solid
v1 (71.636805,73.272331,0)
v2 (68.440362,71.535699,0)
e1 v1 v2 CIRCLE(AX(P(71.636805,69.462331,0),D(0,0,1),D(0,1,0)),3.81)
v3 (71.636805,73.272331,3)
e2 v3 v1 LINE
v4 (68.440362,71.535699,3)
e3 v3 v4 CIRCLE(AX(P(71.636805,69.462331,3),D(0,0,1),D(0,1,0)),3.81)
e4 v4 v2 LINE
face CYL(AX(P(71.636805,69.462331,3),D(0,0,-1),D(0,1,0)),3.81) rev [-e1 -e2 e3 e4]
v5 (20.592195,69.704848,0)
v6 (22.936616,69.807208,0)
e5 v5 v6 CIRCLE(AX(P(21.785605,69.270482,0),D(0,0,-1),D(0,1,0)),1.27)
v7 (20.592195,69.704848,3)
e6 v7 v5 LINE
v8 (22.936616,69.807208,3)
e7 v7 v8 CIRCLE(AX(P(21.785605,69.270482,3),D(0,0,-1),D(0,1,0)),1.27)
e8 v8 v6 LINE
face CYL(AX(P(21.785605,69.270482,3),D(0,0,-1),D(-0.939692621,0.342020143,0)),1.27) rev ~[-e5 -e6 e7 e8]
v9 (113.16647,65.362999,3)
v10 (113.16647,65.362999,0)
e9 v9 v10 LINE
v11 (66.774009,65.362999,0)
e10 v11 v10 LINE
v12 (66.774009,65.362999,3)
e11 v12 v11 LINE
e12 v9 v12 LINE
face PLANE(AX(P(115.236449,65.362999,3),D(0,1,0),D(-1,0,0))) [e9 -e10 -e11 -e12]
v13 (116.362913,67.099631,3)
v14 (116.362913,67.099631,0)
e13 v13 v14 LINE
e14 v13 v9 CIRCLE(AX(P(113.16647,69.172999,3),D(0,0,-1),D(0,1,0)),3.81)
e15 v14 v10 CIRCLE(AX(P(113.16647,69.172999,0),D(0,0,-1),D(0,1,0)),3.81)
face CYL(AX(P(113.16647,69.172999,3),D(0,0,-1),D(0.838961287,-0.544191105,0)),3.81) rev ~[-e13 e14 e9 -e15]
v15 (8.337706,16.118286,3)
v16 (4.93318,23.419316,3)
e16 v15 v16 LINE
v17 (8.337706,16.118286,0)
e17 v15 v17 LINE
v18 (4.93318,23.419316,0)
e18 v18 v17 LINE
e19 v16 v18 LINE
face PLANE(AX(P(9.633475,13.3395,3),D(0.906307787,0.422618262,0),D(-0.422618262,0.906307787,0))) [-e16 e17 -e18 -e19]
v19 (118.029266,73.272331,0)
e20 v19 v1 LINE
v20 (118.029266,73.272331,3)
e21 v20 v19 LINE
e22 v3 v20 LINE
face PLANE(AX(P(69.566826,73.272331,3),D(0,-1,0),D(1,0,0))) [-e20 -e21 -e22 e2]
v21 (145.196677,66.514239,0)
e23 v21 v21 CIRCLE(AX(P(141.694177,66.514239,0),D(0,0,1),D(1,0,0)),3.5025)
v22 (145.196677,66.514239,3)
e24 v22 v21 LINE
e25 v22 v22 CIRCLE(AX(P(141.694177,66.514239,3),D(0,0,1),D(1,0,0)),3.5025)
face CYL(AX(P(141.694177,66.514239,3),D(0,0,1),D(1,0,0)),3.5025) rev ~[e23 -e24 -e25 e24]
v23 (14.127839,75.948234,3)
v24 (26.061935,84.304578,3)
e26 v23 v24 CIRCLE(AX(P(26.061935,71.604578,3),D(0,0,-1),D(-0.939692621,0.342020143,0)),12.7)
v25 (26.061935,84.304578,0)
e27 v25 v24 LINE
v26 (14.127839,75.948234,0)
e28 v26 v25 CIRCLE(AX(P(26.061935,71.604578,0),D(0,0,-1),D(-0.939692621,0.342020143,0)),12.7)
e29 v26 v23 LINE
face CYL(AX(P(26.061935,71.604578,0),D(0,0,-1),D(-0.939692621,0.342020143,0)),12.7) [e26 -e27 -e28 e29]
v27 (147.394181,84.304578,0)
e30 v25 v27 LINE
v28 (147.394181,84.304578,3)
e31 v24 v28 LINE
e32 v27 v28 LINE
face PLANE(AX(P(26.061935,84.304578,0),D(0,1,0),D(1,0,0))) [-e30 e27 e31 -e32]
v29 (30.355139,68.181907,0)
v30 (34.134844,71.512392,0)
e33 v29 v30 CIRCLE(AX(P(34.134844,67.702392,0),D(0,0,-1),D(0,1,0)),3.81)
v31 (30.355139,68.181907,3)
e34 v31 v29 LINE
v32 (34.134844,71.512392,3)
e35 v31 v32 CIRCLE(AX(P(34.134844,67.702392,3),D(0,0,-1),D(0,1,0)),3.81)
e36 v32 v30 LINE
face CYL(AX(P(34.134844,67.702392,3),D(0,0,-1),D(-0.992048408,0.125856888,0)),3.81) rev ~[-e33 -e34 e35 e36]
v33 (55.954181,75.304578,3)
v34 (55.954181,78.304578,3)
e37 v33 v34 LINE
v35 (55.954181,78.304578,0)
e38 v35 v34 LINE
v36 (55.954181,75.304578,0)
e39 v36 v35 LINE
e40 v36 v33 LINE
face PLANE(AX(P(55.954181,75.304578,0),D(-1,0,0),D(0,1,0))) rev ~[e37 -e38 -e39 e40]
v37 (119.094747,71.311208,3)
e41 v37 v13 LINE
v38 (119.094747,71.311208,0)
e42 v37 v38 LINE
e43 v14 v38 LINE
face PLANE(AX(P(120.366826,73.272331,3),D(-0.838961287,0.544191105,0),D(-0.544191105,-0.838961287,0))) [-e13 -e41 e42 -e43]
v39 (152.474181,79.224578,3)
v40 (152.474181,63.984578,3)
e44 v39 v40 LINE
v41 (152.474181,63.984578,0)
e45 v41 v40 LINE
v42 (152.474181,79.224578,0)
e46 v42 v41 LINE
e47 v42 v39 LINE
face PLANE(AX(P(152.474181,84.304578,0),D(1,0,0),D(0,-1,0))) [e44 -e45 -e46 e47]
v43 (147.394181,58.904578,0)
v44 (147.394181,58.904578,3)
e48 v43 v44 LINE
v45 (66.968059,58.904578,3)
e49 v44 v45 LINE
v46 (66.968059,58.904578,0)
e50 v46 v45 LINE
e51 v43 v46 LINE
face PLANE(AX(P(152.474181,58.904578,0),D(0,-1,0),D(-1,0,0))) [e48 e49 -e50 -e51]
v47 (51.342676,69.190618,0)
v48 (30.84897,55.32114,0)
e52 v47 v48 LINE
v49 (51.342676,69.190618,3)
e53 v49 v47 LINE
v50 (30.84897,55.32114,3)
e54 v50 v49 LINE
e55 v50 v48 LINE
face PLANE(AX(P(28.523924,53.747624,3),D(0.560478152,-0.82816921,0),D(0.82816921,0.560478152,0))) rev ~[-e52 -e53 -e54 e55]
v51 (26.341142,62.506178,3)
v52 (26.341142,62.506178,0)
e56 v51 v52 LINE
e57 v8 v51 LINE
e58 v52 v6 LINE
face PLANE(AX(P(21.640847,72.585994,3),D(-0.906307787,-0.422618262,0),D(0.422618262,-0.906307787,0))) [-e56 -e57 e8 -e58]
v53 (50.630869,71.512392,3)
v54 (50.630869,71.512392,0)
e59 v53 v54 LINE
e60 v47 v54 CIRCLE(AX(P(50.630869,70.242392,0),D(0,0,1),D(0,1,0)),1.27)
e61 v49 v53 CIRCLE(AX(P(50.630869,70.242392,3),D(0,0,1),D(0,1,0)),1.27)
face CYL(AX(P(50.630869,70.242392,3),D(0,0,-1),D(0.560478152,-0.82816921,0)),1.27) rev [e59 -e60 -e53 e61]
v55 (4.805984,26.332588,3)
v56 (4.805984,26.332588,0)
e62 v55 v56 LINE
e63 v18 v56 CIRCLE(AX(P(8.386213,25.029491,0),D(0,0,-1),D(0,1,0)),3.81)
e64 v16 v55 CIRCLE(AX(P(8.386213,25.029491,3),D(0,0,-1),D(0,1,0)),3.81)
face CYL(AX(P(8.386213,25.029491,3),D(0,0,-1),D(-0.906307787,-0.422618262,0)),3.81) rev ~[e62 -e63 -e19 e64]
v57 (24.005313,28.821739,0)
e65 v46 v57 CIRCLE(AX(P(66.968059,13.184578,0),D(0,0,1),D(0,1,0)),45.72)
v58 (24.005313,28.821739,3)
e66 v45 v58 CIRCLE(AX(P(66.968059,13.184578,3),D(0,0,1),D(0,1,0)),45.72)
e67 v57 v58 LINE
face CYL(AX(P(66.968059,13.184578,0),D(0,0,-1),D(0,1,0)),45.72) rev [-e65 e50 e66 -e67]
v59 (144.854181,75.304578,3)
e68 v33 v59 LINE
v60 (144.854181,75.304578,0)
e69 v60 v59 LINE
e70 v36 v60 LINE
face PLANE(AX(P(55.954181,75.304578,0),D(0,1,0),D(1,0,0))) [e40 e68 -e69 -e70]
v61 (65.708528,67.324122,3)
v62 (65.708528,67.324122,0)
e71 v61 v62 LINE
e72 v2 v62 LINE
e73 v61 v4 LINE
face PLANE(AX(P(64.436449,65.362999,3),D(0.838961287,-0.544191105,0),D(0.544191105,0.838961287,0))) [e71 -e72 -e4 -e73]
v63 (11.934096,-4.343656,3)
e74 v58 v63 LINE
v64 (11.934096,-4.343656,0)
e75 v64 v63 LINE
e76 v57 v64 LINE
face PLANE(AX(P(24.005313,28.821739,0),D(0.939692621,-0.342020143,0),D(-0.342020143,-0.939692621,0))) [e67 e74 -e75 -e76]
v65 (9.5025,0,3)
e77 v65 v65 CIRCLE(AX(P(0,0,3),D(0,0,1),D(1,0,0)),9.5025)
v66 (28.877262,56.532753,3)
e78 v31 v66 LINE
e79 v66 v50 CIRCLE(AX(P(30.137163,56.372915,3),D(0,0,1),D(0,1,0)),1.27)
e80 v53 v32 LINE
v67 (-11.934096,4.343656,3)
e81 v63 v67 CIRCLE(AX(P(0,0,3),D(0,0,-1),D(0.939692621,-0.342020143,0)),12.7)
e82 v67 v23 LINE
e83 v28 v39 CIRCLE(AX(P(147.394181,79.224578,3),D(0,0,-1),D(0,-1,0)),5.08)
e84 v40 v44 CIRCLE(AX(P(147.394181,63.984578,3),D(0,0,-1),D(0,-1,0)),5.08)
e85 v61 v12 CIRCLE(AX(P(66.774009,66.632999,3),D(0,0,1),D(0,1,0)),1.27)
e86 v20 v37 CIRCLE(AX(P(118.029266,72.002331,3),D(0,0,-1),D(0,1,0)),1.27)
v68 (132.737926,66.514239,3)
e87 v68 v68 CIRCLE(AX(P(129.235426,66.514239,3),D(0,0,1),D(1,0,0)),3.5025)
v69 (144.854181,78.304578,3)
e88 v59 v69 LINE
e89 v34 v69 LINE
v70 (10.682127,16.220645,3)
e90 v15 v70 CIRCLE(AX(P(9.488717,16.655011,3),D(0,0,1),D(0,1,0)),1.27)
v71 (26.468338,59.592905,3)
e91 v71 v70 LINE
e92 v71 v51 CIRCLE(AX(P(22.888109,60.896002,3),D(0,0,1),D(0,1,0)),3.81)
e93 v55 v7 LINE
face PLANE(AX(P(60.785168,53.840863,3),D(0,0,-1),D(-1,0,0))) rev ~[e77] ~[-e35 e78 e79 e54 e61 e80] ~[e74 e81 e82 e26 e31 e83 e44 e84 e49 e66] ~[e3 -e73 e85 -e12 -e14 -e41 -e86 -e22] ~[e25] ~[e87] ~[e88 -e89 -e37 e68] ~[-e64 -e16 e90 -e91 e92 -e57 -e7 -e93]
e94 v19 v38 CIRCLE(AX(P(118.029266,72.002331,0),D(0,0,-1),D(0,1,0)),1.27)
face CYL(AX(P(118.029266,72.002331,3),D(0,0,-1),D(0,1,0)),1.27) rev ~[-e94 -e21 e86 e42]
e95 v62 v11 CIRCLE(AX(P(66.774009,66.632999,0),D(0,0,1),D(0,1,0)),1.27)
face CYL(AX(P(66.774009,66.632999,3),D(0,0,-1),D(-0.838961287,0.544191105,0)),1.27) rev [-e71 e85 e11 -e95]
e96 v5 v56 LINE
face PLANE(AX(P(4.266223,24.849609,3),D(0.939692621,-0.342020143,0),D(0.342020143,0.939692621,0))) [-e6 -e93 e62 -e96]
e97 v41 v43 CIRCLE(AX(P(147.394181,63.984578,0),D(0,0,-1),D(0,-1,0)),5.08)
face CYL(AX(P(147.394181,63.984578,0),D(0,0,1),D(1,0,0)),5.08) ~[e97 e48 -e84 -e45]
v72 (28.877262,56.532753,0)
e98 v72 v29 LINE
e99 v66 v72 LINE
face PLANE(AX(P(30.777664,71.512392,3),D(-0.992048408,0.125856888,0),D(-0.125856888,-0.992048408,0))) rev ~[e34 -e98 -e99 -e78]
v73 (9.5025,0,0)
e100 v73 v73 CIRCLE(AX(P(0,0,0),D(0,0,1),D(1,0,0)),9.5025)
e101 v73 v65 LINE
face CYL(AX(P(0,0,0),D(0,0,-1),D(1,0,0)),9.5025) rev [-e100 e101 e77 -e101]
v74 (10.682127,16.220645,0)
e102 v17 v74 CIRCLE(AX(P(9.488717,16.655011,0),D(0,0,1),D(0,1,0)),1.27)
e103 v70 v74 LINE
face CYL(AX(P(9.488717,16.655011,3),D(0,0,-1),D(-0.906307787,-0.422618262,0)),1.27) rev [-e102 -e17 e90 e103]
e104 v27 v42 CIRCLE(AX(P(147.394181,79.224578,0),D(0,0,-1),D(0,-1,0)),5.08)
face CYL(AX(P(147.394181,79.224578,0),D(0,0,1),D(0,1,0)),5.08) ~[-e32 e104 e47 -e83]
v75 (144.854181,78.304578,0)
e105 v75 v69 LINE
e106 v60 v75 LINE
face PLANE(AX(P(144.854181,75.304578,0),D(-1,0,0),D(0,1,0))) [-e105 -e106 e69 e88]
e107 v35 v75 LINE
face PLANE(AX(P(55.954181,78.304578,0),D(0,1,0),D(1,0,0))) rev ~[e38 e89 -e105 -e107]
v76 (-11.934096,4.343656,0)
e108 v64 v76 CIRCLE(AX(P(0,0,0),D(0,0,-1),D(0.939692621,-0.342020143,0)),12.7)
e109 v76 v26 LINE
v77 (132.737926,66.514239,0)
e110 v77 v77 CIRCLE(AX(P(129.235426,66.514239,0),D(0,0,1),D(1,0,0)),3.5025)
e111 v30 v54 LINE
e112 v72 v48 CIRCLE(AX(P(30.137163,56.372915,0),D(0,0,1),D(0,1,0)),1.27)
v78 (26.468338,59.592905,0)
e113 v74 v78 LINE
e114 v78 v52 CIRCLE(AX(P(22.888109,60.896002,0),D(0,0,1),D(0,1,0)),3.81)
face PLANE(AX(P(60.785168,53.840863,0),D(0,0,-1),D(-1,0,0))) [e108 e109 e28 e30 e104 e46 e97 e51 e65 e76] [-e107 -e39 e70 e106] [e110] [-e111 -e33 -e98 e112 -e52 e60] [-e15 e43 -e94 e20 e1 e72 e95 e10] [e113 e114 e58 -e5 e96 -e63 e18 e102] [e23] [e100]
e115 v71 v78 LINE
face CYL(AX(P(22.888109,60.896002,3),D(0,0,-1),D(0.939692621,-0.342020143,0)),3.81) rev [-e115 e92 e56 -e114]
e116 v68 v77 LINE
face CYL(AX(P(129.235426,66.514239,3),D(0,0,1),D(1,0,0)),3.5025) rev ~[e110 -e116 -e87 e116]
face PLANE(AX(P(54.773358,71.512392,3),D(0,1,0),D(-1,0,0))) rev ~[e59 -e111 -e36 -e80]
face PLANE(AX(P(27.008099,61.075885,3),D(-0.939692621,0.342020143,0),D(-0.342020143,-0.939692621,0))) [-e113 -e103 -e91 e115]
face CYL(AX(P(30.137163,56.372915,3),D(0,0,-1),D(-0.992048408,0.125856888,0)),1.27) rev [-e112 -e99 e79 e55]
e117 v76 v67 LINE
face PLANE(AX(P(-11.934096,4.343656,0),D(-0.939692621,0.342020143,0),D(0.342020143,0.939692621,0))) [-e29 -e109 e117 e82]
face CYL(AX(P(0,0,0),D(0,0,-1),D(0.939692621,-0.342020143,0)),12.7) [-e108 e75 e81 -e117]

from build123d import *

# Parameters (mm, degrees)
SKETCH1_R           = 9.5025
SKETCH1_W           = 88.9
SKETCH1_H           = 3
BOSS_EXTRUDE1_DEPTH = 3
CUT_EXTRUDE1_DEPTH  = 4
CUT_EXTRUDE2_DEPTH  = 127
FILLET1_R           = 3.81
FILLET2_R           = 1.27
FILLET3_R           = 5.08
SKETCH4_R           = 3.5025
CUT_EXTRUDE3_DEPTH  = 16.002


with BuildPart() as part:
    # Sketch1 → Boss-Extrude1 (new body)
    with BuildSketch(Plane.XY):
        with BuildLine():
            Line((-11.934096284, 4.34365582), (14.127838637, 75.948233524))
            ThreePointArc((14.127838637, 75.948233524), (18.77751418, 82.007808666), (26.061934921, 84.304577704))
            Line((26.061934921, 84.304577704), (152.474181009, 84.304577704))
            Line((152.474181009, 84.304577704), (152.474181009, 58.904577704))
            Line((152.474181009, 58.904577704), (66.968059304, 58.904577704))
            ThreePointArc((66.968059304, 58.904577704), (40.744144634, 50.636209169), (24.005312681, 28.821738657))
            Line((24.005312681, 28.821738657), (11.934096284, -4.34365582))
            ThreePointArc((11.934096284, -4.34365582), (-4.34365582, -11.934096284), (-11.934096284, 4.34365582))
        make_face()
        Circle(SKETCH1_R, mode=Mode.SUBTRACT)
        with Locations((100.404181009, 76.804577704)):
            Rectangle(SKETCH1_W, SKETCH1_H, mode=Mode.SUBTRACT)
    extrude(amount=BOSS_EXTRUDE1_DEPTH)

    # Sketch2 → Cut-Extrude1 (cut, through all)
    with BuildSketch(Plane.XY.offset(3)):
        Polygon((27.008098555, 61.075884743), (9.633475274, 13.339499607), (4.26622335, 24.849608502), (21.640846631, 72.585993638), align=None)
    extrude(amount=-CUT_EXTRUDE1_DEPTH, mode=Mode.SUBTRACT)

    # Sketch3 → Cut-Extrude2 (cut)
    with BuildSketch(Plane.XY.offset(3)):
        Polygon((30.777663682, 71.512392484), (28.523924397, 53.747624001), (54.773358423, 71.512392484), align=None)
        Polygon((64.436448885, 65.362999195), (69.566826389, 73.272331181), (120.366826389, 73.272331181), (115.236448885, 65.362999195), align=None)
    extrude(amount=-CUT_EXTRUDE2_DEPTH, mode=Mode.SUBTRACT)

    # Fillet1
    fillet1_edges = [part.edges().sort_by_distance(p)[0] for p in [
        (27.008098555, 61.075884743, 1.5),
        (4.26622335, 24.849608502, 1.5),
        (30.777663682, 71.512392484, 1.5),
        (115.236448885, 65.362999195, 1.5),
        (69.566826389, 73.272331181, 1.5),
    ]]
    fillet(fillet1_edges, radius=FILLET1_R)

    # Fillet2
    fillet2_edges = [part.edges().sort_by_distance(p)[0] for p in [
        (9.633475274, 13.339499607, 1.5),
        (21.640846631, 72.585993638, 1.5),
        (54.773358423, 71.512392484, 1.5),
        (28.523924397, 53.747624001, 1.5),
        (64.436448885, 65.362999195, 1.5),
        (120.366826389, 73.272331181, 1.5),
    ]]
    fillet(fillet2_edges, radius=FILLET2_R)

    # Fillet3
    fillet3_edges = [part.edges().sort_by_distance(p)[0] for p in [
        (152.474181009, 84.304577704, 1.5),
        (152.474181009, 58.904577704, 1.5),
    ]]
    fillet(fillet3_edges, radius=FILLET3_R)

    # Sketch4 → Cut-Extrude3 (cut)
    with BuildSketch(Plane.XY.offset(3)):
        with Locations((141.694177318, 66.514238531)):
            Circle(SKETCH4_R)
        with Locations((129.235425653, 66.514238531)):
            Circle(SKETCH4_R)
    extrude(amount=-CUT_EXTRUDE3_DEPTH, mode=Mode.SUBTRACT)


solid = part.part
